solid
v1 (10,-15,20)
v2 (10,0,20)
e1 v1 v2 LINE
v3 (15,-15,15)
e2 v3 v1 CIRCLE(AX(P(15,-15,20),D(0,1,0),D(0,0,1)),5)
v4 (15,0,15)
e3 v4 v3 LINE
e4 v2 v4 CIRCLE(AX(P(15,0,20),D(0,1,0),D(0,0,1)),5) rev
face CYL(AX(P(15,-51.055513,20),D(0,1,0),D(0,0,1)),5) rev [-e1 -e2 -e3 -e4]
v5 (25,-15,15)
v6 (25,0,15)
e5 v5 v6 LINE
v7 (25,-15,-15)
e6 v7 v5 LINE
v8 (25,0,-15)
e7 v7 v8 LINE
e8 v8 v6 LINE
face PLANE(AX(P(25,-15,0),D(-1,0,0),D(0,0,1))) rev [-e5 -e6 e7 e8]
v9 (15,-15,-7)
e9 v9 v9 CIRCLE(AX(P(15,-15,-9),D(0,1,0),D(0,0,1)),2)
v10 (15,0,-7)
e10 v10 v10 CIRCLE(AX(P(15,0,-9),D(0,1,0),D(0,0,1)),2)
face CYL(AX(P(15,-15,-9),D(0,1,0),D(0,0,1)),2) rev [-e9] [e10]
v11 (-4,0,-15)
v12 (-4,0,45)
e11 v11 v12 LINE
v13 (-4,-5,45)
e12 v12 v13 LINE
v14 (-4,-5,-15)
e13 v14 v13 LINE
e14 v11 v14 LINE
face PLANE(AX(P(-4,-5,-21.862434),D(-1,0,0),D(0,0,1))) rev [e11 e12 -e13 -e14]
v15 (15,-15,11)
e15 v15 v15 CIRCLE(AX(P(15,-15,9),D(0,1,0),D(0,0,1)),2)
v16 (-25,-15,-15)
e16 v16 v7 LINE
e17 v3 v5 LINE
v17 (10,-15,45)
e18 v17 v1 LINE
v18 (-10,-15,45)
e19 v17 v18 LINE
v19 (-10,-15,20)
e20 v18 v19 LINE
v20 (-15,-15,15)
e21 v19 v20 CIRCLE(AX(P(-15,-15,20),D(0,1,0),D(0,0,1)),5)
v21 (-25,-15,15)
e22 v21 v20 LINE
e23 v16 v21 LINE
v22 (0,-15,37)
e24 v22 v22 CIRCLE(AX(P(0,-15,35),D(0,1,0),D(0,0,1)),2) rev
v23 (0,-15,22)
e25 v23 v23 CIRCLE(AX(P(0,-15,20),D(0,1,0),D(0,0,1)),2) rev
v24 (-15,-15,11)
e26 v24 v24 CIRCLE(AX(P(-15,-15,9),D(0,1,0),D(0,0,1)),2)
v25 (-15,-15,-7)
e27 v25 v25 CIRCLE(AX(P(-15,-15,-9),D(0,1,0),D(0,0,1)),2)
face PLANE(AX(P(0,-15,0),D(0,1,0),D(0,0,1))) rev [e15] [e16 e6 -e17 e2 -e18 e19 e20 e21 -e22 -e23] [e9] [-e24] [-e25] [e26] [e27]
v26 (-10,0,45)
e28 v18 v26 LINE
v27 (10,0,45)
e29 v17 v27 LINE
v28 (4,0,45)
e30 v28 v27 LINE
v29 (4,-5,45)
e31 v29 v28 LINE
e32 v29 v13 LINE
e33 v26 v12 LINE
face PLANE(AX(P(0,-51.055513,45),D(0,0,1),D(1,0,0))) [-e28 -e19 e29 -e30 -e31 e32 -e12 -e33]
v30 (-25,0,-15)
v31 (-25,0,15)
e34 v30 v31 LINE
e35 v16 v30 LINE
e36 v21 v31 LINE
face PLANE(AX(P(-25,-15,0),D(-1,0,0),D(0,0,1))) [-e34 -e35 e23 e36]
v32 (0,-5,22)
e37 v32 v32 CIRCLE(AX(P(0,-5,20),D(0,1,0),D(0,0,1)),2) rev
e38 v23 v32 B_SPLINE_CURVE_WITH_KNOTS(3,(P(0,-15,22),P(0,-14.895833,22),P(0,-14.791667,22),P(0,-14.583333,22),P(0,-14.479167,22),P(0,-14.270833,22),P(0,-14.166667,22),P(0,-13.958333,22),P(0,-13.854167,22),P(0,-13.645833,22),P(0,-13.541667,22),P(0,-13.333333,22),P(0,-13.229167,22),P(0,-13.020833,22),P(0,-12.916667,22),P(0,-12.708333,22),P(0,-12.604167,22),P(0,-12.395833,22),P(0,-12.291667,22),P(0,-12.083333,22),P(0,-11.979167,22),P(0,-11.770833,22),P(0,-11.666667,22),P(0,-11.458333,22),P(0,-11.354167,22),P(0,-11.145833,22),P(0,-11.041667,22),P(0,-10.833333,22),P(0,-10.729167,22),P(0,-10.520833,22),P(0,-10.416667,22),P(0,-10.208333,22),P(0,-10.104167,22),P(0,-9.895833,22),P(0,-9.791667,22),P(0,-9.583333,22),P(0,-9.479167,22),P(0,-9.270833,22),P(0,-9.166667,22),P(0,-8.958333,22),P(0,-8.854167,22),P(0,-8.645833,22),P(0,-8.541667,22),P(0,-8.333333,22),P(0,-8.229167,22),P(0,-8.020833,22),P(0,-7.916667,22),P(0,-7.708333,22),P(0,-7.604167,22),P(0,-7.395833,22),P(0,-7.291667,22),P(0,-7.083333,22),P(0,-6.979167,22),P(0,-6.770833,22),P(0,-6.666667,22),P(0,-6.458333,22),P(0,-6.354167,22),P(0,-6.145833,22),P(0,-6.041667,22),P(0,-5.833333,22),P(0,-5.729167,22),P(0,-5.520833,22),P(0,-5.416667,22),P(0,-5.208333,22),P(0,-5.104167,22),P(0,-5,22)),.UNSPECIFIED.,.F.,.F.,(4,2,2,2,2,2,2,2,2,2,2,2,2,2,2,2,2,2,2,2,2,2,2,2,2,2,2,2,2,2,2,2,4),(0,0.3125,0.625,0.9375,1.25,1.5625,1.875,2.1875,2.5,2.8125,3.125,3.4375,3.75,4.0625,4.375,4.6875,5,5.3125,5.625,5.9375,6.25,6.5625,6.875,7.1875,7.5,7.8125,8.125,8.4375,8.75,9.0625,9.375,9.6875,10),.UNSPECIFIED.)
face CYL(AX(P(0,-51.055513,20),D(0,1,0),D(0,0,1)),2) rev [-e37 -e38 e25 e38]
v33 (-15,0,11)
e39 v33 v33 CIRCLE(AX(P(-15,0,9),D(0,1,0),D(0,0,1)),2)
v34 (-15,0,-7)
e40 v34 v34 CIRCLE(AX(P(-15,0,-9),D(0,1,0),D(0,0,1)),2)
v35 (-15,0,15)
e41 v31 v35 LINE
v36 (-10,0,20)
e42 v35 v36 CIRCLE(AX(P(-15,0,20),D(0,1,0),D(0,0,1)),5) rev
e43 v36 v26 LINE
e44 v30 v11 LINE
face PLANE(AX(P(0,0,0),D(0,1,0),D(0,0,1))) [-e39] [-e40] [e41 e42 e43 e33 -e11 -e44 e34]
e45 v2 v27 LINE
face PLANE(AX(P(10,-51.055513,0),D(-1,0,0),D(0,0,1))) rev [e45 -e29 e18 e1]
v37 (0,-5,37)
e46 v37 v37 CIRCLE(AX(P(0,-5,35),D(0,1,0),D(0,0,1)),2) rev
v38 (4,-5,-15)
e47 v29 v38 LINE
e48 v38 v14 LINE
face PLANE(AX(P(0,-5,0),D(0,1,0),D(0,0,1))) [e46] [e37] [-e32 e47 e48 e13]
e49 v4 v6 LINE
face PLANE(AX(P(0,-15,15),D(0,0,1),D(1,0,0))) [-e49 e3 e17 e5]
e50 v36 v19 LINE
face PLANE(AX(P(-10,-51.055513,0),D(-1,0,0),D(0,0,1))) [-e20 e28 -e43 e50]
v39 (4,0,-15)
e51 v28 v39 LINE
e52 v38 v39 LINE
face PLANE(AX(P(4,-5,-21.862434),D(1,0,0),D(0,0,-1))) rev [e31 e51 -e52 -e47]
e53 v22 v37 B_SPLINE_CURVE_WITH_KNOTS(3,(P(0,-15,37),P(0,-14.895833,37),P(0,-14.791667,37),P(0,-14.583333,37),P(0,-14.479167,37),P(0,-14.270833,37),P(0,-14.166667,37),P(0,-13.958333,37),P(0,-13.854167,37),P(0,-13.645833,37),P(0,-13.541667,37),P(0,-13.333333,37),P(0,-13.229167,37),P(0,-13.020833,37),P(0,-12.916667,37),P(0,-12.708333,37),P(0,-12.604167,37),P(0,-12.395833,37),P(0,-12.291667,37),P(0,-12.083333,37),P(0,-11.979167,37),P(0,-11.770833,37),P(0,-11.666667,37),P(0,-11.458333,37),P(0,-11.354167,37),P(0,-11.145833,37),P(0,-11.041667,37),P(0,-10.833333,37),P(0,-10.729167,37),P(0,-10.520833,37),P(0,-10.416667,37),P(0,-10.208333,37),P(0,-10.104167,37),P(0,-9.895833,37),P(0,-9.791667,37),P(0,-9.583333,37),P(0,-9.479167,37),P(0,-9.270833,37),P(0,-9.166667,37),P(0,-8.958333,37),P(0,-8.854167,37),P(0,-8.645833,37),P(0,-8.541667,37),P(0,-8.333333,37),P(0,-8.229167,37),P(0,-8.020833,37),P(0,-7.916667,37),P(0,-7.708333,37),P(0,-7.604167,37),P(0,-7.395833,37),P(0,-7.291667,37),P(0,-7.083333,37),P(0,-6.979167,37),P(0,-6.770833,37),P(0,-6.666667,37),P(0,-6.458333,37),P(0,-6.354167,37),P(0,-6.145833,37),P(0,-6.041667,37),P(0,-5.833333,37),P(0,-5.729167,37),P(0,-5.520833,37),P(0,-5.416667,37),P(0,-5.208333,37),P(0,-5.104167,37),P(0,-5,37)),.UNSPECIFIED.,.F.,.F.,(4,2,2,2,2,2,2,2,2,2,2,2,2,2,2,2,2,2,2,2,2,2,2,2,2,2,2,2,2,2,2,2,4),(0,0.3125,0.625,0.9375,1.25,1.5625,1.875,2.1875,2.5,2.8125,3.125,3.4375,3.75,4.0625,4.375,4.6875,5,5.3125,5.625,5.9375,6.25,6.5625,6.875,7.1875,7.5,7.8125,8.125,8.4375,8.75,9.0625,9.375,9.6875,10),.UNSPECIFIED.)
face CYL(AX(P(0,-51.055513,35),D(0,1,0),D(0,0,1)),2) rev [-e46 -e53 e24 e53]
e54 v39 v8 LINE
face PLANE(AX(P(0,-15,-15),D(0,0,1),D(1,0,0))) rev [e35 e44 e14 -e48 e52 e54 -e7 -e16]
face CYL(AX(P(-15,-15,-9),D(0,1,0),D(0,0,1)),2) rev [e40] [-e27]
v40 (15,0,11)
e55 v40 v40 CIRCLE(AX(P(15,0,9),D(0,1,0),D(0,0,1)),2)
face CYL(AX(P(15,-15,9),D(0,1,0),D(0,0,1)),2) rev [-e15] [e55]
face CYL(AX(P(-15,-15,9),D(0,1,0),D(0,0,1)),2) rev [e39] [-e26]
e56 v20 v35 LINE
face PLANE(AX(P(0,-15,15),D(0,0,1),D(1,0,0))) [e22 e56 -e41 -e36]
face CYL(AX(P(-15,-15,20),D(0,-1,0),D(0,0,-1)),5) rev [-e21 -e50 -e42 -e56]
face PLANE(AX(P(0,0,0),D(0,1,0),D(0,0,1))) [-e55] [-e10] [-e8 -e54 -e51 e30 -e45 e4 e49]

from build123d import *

# Parameters (mm, degrees)
SKETCH1_W           = 50
SKETCH1_H           = 30
SKETCH1_R           = 2
BOSS_EXTRUDE2_DEPTH = 15
SKETCH1_3_W         = 20
SKETCH1_3_H         = 30
SKETCH1_3_R         = 2
BOSS_EXTRUDE3_DEPTH = 15
FILLET1_R           = 5
SKETCH5_W           = 8
SKETCH5_H           = 70
CUT_EXTRUDE1_DEPTH  = 5


with BuildPart() as part:
    # Sketch1 → Boss-Extrude2 (new body)
    with BuildSketch(Plane(origin=(0, 0, 0), x_dir=(1, 0, 0), z_dir=(0, 1, 0))):
        Rectangle(SKETCH1_W, SKETCH1_H)
        with Locations(Location((-15, 9, 0), (0, 0, 270))):
            Circle(SKETCH1_R, mode=Mode.SUBTRACT)
        with Locations(Location((15, 9, 0), (0, 0, 270))):
            Circle(SKETCH1_R, mode=Mode.SUBTRACT)
        with Locations(Location((15, -9, 0), (0, 0, 270))):
            Circle(SKETCH1_R, mode=Mode.SUBTRACT)
        with Locations(Location((-15, -9, 0), (0, 0, 270))):
            Circle(SKETCH1_R, mode=Mode.SUBTRACT)
    extrude(amount=-BOSS_EXTRUDE2_DEPTH)

    # Sketch1<3> → Boss-Extrude3 (add)
    with BuildSketch(Plane(origin=(0, 0, 0), x_dir=(1, 0, 0), z_dir=(0, 1, 0))):
        with Locations((0, -30)):
            Rectangle(SKETCH1_3_W, SKETCH1_3_H)
        with Locations(Location((0, -35, 0), (0, 0, 270))):
            Circle(SKETCH1_3_R, mode=Mode.SUBTRACT)
        with Locations(Location((0, -20, 0), (0, 0, 270))):
            Circle(SKETCH1_3_R, mode=Mode.SUBTRACT)
    extrude(amount=-BOSS_EXTRUDE3_DEPTH)

    # Fillet1
    fillet1_edges = [part.edges().sort_by_distance(p)[0] for p in [
        (-10, -7.5, 15),
        (10, -7.5, 15),
    ]]
    fillet(fillet1_edges, radius=FILLET1_R)

    # Sketch5 → Cut-Extrude1 (cut)
    with BuildSketch(Plane(origin=(0, 0, 0), x_dir=(1, 0, 0), z_dir=(0, 1, 0))):
        with Locations((0, -13.137566138)):
            Rectangle(SKETCH5_W, SKETCH5_H)
    extrude(amount=-CUT_EXTRUDE1_DEPTH, mode=Mode.SUBTRACT)


solid = part.part
